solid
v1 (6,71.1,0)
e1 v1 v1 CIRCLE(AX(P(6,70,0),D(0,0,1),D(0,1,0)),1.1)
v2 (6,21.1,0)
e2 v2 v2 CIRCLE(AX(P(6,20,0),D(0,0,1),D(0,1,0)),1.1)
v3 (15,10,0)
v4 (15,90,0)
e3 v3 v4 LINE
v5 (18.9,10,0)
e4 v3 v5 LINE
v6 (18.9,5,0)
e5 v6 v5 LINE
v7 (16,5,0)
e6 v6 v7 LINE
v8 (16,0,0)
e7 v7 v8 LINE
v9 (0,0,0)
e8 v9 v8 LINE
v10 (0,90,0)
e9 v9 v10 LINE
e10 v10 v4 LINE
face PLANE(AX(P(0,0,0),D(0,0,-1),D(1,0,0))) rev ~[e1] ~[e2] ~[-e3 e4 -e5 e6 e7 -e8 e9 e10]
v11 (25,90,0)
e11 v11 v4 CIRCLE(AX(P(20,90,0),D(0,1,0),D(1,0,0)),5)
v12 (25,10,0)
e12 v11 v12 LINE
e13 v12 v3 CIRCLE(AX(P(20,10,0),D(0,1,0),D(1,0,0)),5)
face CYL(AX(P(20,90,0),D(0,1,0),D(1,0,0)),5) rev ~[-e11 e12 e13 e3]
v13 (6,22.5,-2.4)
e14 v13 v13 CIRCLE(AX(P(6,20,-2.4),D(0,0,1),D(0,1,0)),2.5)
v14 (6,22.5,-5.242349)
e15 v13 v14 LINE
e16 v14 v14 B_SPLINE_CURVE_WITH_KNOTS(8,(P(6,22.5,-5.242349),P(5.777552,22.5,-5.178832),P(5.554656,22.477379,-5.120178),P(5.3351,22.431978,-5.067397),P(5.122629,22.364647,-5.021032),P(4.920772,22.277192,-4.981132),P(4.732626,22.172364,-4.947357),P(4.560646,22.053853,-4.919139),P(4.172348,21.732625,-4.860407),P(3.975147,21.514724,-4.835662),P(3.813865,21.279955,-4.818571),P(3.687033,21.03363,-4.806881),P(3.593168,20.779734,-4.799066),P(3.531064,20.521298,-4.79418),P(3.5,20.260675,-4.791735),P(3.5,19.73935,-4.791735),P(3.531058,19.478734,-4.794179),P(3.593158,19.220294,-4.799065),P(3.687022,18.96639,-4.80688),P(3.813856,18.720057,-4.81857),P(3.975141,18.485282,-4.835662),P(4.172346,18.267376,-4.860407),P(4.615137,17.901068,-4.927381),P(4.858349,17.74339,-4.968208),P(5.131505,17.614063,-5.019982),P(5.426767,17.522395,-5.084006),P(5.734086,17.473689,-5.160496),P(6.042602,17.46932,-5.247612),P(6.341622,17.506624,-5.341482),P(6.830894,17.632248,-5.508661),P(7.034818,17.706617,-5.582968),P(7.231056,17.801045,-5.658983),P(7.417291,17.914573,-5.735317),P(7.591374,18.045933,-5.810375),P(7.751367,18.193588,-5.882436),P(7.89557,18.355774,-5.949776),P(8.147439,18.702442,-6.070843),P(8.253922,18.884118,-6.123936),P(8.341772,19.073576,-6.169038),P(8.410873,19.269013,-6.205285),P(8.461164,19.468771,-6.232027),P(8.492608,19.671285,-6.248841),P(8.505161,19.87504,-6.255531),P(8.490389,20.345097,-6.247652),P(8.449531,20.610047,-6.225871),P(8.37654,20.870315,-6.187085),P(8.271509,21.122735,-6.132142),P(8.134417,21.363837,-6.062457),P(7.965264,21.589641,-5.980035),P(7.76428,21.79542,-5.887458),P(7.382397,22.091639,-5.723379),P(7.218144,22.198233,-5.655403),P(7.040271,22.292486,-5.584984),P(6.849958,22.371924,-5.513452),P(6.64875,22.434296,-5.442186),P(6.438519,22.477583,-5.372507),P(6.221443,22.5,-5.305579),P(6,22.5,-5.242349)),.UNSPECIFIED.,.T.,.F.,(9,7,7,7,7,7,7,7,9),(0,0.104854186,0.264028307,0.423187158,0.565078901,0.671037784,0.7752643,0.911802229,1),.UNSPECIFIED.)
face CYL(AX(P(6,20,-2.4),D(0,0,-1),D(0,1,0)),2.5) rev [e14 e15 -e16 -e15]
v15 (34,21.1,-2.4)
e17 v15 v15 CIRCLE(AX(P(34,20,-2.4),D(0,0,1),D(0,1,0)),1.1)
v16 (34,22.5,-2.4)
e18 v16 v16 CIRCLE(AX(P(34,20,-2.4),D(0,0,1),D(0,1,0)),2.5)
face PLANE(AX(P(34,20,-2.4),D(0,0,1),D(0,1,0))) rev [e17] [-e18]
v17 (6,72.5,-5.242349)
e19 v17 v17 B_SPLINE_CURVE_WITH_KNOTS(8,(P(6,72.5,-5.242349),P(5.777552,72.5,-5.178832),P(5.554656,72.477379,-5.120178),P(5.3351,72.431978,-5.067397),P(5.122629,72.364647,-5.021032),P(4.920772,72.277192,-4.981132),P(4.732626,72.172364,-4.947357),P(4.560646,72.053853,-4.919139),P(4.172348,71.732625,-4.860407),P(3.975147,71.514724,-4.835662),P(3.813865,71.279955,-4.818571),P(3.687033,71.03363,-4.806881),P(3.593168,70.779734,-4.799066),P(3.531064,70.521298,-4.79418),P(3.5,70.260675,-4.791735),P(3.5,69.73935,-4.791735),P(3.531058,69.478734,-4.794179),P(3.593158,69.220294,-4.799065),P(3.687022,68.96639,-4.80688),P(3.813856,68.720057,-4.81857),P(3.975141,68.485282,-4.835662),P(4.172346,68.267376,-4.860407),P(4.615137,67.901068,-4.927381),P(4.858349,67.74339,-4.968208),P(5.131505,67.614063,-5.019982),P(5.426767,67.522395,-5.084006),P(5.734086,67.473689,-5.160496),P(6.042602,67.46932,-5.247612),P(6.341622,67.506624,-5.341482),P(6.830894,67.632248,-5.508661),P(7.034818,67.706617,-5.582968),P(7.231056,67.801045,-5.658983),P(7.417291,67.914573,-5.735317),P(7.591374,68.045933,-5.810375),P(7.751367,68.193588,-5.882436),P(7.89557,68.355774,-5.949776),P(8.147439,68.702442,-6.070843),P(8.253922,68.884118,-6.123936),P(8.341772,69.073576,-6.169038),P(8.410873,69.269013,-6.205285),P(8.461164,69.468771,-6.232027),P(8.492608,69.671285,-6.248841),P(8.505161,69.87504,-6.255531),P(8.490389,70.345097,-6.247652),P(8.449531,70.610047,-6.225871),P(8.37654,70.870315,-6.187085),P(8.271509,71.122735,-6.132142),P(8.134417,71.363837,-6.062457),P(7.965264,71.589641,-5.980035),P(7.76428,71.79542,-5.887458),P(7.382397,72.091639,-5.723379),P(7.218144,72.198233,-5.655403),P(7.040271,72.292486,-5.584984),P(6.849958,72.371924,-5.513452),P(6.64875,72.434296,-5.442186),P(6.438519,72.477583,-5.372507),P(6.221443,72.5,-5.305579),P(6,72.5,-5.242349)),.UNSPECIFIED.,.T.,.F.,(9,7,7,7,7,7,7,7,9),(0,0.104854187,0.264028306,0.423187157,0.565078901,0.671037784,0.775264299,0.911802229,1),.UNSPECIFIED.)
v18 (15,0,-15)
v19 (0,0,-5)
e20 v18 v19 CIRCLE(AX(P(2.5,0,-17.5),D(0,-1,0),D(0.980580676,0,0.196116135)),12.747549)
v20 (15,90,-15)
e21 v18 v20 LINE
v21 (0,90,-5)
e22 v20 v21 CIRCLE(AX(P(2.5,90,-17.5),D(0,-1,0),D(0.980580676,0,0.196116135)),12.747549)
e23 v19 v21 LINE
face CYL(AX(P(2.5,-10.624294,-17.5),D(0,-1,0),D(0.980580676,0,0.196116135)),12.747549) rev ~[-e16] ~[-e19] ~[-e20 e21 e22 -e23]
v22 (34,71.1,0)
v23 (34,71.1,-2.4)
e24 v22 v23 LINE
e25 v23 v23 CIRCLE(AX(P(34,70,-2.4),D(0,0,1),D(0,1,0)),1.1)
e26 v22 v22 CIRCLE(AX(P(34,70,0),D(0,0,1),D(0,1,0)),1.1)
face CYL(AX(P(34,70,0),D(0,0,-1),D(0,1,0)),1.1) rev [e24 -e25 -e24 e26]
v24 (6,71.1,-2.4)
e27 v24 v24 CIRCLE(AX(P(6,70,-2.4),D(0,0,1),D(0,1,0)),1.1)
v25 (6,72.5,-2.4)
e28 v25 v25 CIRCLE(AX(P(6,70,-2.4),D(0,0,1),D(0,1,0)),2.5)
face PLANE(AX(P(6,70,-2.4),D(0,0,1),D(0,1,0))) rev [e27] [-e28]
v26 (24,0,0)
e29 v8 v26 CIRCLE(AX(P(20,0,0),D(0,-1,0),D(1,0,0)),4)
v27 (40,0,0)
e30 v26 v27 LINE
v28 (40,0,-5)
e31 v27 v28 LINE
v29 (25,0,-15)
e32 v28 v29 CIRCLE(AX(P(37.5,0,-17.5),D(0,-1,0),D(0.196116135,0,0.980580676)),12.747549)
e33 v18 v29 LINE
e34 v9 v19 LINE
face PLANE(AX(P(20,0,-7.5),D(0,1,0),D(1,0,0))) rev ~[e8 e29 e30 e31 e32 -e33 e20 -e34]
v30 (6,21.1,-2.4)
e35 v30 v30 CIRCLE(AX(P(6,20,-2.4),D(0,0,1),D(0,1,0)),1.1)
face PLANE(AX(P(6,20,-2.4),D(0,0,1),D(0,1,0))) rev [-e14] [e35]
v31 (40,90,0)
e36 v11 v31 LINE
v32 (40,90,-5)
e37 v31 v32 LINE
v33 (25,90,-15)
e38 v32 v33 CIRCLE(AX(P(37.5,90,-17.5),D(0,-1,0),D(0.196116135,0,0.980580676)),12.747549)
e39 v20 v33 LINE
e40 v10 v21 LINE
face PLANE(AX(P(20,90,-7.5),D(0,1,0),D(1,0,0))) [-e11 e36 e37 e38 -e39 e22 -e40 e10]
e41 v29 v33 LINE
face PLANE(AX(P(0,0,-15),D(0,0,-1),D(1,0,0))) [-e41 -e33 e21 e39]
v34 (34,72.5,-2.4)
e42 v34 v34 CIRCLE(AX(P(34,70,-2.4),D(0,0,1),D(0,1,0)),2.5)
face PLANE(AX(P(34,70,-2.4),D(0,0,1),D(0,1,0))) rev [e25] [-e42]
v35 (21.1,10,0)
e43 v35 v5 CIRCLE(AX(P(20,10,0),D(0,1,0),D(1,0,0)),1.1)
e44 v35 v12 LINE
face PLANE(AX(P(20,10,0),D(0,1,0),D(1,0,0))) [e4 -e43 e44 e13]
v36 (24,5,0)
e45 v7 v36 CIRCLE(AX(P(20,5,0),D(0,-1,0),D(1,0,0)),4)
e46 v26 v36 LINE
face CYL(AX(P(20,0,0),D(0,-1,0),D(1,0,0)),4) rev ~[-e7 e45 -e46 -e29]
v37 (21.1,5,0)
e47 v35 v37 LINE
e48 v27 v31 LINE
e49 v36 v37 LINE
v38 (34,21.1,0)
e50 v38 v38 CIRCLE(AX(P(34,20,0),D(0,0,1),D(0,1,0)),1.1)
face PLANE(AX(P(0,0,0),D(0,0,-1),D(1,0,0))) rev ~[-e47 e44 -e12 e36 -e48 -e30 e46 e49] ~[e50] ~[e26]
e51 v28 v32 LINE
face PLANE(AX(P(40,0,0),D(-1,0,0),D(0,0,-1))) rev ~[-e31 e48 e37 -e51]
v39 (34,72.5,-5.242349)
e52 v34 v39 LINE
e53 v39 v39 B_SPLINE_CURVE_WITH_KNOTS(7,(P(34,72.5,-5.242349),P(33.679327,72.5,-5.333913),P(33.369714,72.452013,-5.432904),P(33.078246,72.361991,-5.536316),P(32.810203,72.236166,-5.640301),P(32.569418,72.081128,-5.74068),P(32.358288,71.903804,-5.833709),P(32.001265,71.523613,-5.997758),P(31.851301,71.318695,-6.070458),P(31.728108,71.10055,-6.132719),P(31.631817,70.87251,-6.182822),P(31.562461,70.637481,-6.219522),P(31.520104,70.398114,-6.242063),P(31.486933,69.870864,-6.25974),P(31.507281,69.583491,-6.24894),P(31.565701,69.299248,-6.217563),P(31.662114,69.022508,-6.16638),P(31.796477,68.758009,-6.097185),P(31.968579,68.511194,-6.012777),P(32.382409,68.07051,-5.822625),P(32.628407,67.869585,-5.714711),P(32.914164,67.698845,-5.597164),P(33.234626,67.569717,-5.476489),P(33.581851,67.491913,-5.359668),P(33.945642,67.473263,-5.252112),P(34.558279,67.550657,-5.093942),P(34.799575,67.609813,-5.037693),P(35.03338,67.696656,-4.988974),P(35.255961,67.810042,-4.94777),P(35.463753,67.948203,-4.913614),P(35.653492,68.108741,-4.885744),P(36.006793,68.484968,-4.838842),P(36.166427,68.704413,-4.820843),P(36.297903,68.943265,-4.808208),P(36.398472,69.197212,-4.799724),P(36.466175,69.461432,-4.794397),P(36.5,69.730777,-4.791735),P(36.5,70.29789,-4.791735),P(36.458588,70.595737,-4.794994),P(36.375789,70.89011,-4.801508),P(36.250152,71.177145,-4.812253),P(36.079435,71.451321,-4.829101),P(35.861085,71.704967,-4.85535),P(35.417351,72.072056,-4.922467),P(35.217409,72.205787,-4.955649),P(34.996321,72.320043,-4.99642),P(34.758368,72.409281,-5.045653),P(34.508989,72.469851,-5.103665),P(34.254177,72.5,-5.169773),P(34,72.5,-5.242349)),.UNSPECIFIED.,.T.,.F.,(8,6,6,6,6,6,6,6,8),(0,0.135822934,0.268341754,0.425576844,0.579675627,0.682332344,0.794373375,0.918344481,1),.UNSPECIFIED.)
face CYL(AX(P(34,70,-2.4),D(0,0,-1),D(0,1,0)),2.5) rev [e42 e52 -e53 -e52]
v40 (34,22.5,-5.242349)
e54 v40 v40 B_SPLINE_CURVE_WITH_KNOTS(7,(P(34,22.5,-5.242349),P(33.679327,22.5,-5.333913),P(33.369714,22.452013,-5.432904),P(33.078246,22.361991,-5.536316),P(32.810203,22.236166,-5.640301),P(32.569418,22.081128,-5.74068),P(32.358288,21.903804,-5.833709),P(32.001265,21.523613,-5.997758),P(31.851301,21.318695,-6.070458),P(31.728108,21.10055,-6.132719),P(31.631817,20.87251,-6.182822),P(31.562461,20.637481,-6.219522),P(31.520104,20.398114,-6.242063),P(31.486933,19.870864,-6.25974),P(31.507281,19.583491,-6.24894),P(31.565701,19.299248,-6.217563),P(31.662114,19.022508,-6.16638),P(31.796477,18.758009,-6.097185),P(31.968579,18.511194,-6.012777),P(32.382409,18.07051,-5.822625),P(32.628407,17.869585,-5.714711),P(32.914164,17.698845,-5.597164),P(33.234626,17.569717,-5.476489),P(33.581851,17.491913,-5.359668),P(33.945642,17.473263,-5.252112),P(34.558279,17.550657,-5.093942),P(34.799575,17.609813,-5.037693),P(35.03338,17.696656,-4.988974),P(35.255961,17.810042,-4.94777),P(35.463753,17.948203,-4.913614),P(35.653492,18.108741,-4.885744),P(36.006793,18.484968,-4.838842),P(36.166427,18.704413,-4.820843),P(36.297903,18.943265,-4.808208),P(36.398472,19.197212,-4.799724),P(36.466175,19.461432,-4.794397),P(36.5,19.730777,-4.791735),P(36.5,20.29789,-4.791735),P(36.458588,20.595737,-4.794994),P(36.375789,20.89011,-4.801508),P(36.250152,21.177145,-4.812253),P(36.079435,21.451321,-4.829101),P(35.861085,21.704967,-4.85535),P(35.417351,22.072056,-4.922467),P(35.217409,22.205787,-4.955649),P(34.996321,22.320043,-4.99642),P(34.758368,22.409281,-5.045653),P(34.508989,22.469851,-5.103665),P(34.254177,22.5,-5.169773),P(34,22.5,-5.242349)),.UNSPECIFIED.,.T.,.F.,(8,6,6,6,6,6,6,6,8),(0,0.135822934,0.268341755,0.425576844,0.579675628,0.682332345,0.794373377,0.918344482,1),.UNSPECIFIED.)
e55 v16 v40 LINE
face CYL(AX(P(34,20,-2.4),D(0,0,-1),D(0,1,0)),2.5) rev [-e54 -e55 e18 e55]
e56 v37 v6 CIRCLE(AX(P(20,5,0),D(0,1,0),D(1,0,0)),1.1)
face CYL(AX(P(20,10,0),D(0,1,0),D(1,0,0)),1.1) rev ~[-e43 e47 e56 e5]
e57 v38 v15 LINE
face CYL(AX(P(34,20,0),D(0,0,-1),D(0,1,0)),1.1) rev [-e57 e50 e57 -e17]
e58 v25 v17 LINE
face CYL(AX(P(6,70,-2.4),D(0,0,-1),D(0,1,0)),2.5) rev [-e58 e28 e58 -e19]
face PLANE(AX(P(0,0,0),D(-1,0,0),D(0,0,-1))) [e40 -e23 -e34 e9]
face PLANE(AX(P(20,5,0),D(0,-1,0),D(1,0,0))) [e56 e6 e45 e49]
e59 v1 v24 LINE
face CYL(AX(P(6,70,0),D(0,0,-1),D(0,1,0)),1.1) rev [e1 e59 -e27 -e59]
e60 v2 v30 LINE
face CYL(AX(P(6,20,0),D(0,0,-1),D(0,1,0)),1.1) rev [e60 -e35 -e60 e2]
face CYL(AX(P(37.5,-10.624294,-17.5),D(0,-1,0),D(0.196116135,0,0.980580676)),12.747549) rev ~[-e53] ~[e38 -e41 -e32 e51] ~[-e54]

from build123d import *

# Parameters (mm, degrees)
SKIZZE2_W                                    = 40
SKIZZE2_H                                    = 15
AUFSATZ_LINEAR_AUSTRAGEN1_DEPTH              = 90
SKIZZE3_R                                    = 5
SCHNITT_LINEAR_AUSTRAGEN1_DEPTH              = 80
SKIZZE4_R                                    = 4
SCHNITT_LINEAR_AUSTRAGEN2_DEPTH              = 5
SKIZZE5_R                                    = 1.1
SCHNITT_LINEAR_AUSTRAGEN3_DEPTH              = 91.691785736
STIRNSENKUNG_F_R_M2_FLACHKOPFSCHRAUB_2_COUNT = 2
STIRNSENKUNG_F_R_M2_FLACHKOPFSCHRAUB_2_PITCH = 50
STIRNSENKUNG_F_R_M2_FLACHKOPFSCHRAUB_3_COUNT = 2
STIRNSENKUNG_F_R_M2_FLACHKOPFSCHRAUB_3_PITCH = 57.306195128
STIRNSENKUNG_F_R_M2_FLACHKOPFSCHRAUB_4_COUNT = 2
STIRNSENKUNG_F_R_M2_FLACHKOPFSCHRAUB_4_PITCH = 28
SCHNITT_LINEAR_AUSTRAGEN6_DEPTH              = 100.624294226
SCHNITT_LINEAR_AUSTRAGEN6_DEPTH_BACK         = 100.624294226
SCHNITT_LINEAR_AUSTRAGEN7_DEPTH              = 100.624294371
SCHNITT_LINEAR_AUSTRAGEN7_DEPTH_BACK         = 100.624294371


with BuildPart() as part:
    # Skizze2 → Aufsatz-Linear austragen1 (new body)
    with BuildSketch(Plane(origin=(0, 0, 0), x_dir=(1, 0, 0), z_dir=(0, 1, 0))):
        with Locations((20, 7.5)):
            Rectangle(SKIZZE2_W, SKIZZE2_H)
    extrude(amount=AUFSATZ_LINEAR_AUSTRAGEN1_DEPTH)

    # Skizze3 → Schnitt-Linear austragen1 (cut)
    with BuildSketch(Plane(origin=(0, 90, 0), x_dir=(1, 0, 0), z_dir=(0, 1, 0))):
        with Locations((20, 0)):
            Circle(SKIZZE3_R)
    extrude(amount=-SCHNITT_LINEAR_AUSTRAGEN1_DEPTH, mode=Mode.SUBTRACT)

    # Skizze4 → Schnitt-Linear austragen2 (cut)
    with BuildSketch(Plane.XZ):
        with Locations((20, 0)):
            Circle(SKIZZE4_R)
    extrude(amount=-SCHNITT_LINEAR_AUSTRAGEN2_DEPTH, mode=Mode.SUBTRACT)

    # Skizze5 → Schnitt-Linear austragen3 (cut, through all)
    with BuildSketch(Plane(origin=(0, 10, 0), x_dir=(1, 0, 0), z_dir=(0, 1, 0))):
        with Locations((20, 0)):
            Circle(SKIZZE5_R)
    extrude(amount=-SCHNITT_LINEAR_AUSTRAGEN3_DEPTH, mode=Mode.SUBTRACT)

    # Skizze8 → Stirnsenkung für M2 Flachkopfschraube mit Schlitz1 (revolve, cut)
    with BuildSketch(Plane(origin=(6, 70, -15), x_dir=(0, 1, 0), z_dir=(1, 0, 0))):
        Polygon((0, 0), (0, 15), (1.1, 15), (1.1, 12.6), (2.5, 12.6), (2.5, 1), (3.5, 0), align=None)
    stirnsenkung_f_r_m2_flachkopfschraube_mi = revolve(axis=Axis((6, 70, -21.35), (0, 0, 1)), mode=Mode.SUBTRACT)

    # Stirnsenkung f_r M2 Flachkopfschraub 2: Stirnsenkung für M2 Flachkopfschraube mit Schlitz1 ×2
    with Locations(*[(0, -i * STIRNSENKUNG_F_R_M2_FLACHKOPFSCHRAUB_2_PITCH, 0) for i in range(1, STIRNSENKUNG_F_R_M2_FLACHKOPFSCHRAUB_2_COUNT)]):
        add(stirnsenkung_f_r_m2_flachkopfschraube_mi, mode=Mode.SUBTRACT)

    # Stirnsenkung f_r M2 Flachkopfschraub 3: Stirnsenkung für M2 Flachkopfschraube mit Schlitz1 ×2
    with Locations(*[Vector(0.48860336893184336, -0.87250601594972, 0) * (i * STIRNSENKUNG_F_R_M2_FLACHKOPFSCHRAUB_3_PITCH) for i in range(1, STIRNSENKUNG_F_R_M2_FLACHKOPFSCHRAUB_3_COUNT)]):
        add(stirnsenkung_f_r_m2_flachkopfschraube_mi, mode=Mode.SUBTRACT)

    # Stirnsenkung f_r M2 Flachkopfschraub 4: Stirnsenkung für M2 Flachkopfschraube mit Schlitz1 ×2
    with Locations(*[(i * STIRNSENKUNG_F_R_M2_FLACHKOPFSCHRAUB_4_PITCH, 0, 0) for i in range(1, STIRNSENKUNG_F_R_M2_FLACHKOPFSCHRAUB_4_COUNT)]):
        add(stirnsenkung_f_r_m2_flachkopfschraube_mi, mode=Mode.SUBTRACT)

    # Skizze11 → Schnitt-Linear austragen6 (cut, two sides: drawn at the far end of the back side and taken through both)
    with BuildSketch(Plane(origin=(0, 90, 0), x_dir=(1, 0, 0), z_dir=(0, 1, 0)).offset(-SCHNITT_LINEAR_AUSTRAGEN6_DEPTH_BACK)):
        with BuildLine():
            Line((130.666560763, 23.133312153), (40, 5))
            ThreePointArc((40, 5), (30.428932188, 6.893398282), (25, 15))
            Line((25, 15), (6.866687847, 105.666560763))
            Line((6.866687847, 105.666560763), (109.444191755, 259.532816625))
            Line((109.444191755, 259.532816625), (233.244064671, 176.999568015))
            Line((233.244064671, 176.999568015), (130.666560763, 23.133312153))
        make_face()
    extrude(amount=SCHNITT_LINEAR_AUSTRAGEN6_DEPTH + SCHNITT_LINEAR_AUSTRAGEN6_DEPTH_BACK, mode=Mode.SUBTRACT)

    # Skizze14 → Schnitt-Linear austragen7 (cut, two sides: drawn at the far end of the back side and taken through both)
    with BuildSketch(Plane(origin=(0, 90, 0), x_dir=(1, 0, 0), z_dir=(0, 1, 0)).offset(-SCHNITT_LINEAR_AUSTRAGEN7_DEPTH_BACK)):
        with BuildLine():
            Line((33.1333122, 105.666561001), (15, 15))
            ThreePointArc((15, 15), (9.571067812, 6.893398282), (0, 5))
            Line((0, 5), (-90.666561001, 23.1333122))
            Line((-90.666561001, 23.1333122), (-193.244065178, 176.999568466))
            Line((-193.244065178, 176.999568466), (-69.444191977, 259.532817267))
            Line((-69.444191977, 259.532817267), (33.1333122, 105.666561001))
        make_face()
    extrude(amount=SCHNITT_LINEAR_AUSTRAGEN7_DEPTH + SCHNITT_LINEAR_AUSTRAGEN7_DEPTH_BACK, mode=Mode.SUBTRACT)


solid = part.part
